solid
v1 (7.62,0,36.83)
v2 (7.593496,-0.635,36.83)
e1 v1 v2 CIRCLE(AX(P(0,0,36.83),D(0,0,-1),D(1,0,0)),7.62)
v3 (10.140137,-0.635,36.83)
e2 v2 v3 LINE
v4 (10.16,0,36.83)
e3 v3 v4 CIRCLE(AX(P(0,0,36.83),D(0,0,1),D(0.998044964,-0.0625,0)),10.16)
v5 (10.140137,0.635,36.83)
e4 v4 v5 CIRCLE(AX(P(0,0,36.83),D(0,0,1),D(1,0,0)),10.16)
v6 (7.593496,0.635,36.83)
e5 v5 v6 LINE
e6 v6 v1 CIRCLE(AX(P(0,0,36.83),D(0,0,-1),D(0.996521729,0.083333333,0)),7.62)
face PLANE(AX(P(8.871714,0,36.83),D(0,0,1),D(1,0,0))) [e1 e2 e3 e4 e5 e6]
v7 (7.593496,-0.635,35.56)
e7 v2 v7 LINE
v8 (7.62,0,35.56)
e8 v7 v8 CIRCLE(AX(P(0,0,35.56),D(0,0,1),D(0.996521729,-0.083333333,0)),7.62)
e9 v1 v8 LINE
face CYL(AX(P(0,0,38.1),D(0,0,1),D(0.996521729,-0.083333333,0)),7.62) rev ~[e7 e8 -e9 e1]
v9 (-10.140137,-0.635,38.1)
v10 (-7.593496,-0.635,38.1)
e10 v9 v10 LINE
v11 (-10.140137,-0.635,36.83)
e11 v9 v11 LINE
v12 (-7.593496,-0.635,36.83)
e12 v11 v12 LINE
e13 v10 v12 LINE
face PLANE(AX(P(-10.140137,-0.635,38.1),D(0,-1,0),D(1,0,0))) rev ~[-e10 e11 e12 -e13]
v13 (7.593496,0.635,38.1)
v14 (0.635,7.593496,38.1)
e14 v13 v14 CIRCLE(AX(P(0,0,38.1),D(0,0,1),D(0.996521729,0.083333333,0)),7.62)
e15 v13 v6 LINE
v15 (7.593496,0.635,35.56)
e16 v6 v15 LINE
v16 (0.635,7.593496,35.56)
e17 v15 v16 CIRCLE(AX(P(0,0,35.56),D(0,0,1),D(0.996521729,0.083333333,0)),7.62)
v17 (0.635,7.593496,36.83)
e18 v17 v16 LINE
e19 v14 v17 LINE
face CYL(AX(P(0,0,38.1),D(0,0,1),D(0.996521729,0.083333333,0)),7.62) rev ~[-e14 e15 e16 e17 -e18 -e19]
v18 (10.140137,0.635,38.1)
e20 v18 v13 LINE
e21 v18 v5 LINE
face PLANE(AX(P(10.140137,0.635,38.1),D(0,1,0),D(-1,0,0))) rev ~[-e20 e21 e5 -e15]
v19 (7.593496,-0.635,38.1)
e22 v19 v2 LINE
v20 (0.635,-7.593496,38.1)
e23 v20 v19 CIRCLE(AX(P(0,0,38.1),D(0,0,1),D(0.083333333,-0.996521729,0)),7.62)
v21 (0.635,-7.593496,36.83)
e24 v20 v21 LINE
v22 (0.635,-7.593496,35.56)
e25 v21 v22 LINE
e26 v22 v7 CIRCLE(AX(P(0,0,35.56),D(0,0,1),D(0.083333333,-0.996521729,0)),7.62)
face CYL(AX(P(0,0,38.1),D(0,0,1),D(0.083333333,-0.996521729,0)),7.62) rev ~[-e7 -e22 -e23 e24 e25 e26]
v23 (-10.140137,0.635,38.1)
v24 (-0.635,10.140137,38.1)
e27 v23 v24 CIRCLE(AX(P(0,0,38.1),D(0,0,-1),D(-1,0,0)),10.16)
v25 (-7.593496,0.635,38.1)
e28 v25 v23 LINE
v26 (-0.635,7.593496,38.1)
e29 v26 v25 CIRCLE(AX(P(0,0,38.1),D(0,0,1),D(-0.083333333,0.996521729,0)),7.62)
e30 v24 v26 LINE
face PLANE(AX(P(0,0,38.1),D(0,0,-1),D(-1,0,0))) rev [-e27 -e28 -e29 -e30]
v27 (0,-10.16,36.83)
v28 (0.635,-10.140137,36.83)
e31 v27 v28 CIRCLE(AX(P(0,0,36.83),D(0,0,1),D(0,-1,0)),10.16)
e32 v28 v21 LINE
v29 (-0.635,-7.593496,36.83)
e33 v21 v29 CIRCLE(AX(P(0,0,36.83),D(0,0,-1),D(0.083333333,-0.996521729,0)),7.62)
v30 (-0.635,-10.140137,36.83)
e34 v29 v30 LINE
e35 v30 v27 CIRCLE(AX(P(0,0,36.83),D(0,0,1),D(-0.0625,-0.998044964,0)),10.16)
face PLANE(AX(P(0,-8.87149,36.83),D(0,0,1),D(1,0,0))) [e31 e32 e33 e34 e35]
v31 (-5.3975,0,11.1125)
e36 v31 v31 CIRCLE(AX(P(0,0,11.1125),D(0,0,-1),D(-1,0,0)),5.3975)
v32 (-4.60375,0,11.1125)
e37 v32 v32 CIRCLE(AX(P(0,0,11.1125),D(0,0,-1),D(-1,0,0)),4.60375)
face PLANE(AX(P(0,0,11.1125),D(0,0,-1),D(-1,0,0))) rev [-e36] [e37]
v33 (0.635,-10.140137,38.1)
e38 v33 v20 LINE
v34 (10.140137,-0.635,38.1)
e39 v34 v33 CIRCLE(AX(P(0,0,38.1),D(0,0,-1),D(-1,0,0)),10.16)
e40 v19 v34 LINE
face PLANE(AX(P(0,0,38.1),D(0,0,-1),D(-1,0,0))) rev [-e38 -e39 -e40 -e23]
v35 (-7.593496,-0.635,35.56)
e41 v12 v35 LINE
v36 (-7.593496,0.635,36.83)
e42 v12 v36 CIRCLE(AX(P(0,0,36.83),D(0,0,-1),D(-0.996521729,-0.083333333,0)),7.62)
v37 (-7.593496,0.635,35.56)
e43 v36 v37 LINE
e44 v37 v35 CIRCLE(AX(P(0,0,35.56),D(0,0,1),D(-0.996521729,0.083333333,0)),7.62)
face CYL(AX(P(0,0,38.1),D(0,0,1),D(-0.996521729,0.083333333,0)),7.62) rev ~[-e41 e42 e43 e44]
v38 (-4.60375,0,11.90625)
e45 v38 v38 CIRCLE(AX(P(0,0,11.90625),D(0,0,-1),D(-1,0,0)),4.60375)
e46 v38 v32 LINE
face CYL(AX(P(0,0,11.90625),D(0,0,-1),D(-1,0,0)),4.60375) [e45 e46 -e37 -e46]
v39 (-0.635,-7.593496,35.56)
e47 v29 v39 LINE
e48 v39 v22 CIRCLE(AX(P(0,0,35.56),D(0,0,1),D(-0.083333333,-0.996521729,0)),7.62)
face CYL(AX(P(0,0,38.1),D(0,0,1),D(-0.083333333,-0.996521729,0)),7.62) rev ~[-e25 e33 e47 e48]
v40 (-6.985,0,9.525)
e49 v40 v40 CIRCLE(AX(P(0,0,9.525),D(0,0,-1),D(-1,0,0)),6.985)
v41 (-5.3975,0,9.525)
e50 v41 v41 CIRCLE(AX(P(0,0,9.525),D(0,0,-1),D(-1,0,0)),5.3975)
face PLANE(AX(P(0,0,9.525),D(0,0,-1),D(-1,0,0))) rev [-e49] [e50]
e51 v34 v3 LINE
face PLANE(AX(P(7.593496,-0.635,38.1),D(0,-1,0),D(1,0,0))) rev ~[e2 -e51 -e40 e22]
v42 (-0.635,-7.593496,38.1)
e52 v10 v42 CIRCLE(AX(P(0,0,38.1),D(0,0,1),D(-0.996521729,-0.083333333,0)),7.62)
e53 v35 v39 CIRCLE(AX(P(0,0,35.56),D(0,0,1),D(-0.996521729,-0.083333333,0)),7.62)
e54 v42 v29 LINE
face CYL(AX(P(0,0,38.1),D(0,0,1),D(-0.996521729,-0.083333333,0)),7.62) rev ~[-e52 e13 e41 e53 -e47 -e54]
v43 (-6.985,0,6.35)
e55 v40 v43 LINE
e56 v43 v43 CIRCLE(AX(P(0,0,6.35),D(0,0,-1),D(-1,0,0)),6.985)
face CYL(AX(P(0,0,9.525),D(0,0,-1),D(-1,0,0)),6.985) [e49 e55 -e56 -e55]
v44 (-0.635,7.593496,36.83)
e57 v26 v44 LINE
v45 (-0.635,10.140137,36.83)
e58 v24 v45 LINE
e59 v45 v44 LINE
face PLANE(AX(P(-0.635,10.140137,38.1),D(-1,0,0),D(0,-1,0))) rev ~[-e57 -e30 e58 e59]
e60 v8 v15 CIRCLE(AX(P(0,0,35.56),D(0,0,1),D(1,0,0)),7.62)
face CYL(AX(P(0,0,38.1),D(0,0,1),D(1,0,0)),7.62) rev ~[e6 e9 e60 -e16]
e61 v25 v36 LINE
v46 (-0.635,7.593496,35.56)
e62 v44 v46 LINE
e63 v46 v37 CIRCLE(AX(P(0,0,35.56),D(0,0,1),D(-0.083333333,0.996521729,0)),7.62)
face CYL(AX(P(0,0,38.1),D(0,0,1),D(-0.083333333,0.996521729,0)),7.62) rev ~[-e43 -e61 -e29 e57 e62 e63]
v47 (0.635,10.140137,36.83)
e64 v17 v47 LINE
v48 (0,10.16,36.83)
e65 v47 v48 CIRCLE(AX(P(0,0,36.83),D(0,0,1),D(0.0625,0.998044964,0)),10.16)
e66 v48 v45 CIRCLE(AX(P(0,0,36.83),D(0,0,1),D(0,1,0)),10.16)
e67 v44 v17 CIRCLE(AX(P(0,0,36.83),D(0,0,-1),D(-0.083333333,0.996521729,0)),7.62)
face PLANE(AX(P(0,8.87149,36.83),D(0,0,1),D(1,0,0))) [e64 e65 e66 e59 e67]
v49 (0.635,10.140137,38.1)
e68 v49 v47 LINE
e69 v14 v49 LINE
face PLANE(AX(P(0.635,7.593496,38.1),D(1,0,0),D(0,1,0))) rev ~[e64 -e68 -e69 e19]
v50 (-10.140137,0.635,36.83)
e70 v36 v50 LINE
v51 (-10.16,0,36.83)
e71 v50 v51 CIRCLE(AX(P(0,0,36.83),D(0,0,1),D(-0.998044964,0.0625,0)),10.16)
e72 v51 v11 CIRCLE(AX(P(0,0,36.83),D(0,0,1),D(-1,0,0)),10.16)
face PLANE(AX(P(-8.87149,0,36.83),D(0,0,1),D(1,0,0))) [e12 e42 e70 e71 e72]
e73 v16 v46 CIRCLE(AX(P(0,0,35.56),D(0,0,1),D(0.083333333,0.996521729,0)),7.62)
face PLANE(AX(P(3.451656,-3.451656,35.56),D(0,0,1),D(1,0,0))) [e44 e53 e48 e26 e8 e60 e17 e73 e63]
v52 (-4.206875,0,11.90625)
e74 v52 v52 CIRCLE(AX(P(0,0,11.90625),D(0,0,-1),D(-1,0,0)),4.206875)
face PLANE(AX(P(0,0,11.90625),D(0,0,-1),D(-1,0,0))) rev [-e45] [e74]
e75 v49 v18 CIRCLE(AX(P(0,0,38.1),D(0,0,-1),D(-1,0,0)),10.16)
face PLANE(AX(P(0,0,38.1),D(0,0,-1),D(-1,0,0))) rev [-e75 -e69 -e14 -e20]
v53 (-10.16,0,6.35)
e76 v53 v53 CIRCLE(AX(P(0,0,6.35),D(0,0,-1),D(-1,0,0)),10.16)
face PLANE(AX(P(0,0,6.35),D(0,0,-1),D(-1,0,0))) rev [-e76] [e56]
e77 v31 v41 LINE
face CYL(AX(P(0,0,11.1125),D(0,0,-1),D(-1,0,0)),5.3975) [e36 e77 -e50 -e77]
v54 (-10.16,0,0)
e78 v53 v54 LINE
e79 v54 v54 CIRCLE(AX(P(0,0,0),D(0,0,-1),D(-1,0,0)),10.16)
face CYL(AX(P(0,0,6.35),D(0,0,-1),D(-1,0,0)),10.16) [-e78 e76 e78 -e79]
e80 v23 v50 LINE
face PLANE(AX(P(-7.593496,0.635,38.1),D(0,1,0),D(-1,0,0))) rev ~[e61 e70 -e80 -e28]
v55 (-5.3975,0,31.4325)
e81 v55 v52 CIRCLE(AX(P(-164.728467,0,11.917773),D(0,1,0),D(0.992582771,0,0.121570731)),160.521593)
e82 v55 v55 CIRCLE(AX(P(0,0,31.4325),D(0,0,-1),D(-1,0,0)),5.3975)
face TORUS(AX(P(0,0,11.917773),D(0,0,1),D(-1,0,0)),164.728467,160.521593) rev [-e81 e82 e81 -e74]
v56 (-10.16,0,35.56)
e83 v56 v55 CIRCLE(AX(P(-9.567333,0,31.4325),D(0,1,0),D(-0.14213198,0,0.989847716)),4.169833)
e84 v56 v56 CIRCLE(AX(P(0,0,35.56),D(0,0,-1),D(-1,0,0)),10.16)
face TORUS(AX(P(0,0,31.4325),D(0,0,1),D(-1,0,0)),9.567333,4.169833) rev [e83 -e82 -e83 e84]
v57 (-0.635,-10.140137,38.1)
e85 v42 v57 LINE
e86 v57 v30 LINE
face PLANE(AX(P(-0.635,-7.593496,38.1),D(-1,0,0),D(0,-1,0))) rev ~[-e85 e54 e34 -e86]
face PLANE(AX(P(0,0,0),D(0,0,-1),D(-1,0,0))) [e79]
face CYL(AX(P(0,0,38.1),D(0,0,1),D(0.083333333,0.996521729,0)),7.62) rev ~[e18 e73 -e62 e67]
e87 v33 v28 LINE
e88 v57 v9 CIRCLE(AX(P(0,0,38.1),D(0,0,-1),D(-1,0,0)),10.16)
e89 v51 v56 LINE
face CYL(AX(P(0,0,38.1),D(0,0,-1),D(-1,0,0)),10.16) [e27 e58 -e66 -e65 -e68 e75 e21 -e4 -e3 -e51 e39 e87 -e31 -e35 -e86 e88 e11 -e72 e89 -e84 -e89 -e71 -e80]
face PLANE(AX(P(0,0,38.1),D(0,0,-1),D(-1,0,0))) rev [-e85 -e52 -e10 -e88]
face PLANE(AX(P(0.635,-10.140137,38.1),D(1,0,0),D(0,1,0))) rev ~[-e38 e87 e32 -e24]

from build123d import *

# Parameters (mm, degrees)
F3_DEPTH = 2.54
F4_DEPTH = 1.27


with BuildPart() as f1:
    # F0 (on Front) → F1 (revolve)
    with BuildSketch(Plane.XZ):
        with BuildLine():
            Line((-10.16, 0), (0, 0))
            Line((0, 0), (0, 38.1))
            Line((0, 38.1), (-10.16, 38.1))
            Line((-10.16, 38.1), (-10.16, 35.56))
            ThreePointArc((-10.16, 35.56), (-6.8363821432, 34.5835975271), (-5.3975, 31.4325))
            ThreePointArc((-5.3975, 31.4325), (-4.5044566757, 21.6875293186), (-4.206875, 11.90625))
            Line((-4.206875, 11.90625), (-4.60375, 11.90625))
            Line((-4.60375, 11.90625), (-4.60375, 11.1125))
            Line((-4.60375, 11.1125), (-5.3975, 11.1125))
            Line((-5.3975, 11.1125), (-5.3975, 9.525))
            Line((-5.3975, 9.525), (-6.985, 9.525))
            Line((-6.985, 9.525), (-6.985, 6.35))
            Line((-6.985, 6.35), (-10.16, 6.35))
            Line((-10.16, 6.35), (-10.16, 0))
        make_face()
    revolve(axis=Axis((0, 0, 19.05), (0, 0, -1)))

    # F2 (on face) → F3 (cut)
    with BuildSketch(Plane.XY.offset(38.1)):
        with BuildLine():
            ThreePointArc((0.635, -7.5934955719), (5.3881536726, -5.3881536726), (7.5934955719, -0.635))
            Line((7.5934955719, -0.635), (0.635, -0.635))
            Line((0.635, -0.635), (0.635, -7.5934955719))
        make_face()
        with BuildLine():
            ThreePointArc((-0.635, -7.5934955719), (0, -7.62), (0.635, -7.5934955719))
            Line((0.635, -7.5934955719), (0.635, -0.635))
            Line((0.635, -0.635), (0, -0.635))
            Line((0, -0.635), (-0.635, -0.635))
            Line((-0.635, -0.635), (-0.635, -7.5934955719))
        make_face()
        with BuildLine():
            ThreePointArc((-7.5934955719, -0.635), (-5.3881536726, -5.3881536726), (-0.635, -7.5934955719))
            Line((-0.635, -7.5934955719), (-0.635, -0.635))
            Line((-0.635, -0.635), (-7.5934955719, -0.635))
        make_face()
        with BuildLine():
            Line((-0.635, 0.635), (-7.5934955719, 0.635))
            ThreePointArc((-7.5934955719, 0.635), (-7.62, 0), (-7.5934955719, -0.635))
            Line((-7.5934955719, -0.635), (-0.635, -0.635))
            Line((-0.635, -0.635), (-0.635, 0))
            Line((-0.635, 0), (-0.635, 0.635))
        make_face()
        with BuildLine():
            Line((-0.635, 0.635), (-0.635, 7.5934955719))
            ThreePointArc((-0.635, 7.5934955719), (-5.3881536726, 5.3881536726), (-7.5934955719, 0.635))
            Line((-7.5934955719, 0.635), (-0.635, 0.635))
        make_face()
        with BuildLine():
            Line((0.635, 0.635), (0.635, 7.5934955719))
            ThreePointArc((0.635, 7.5934955719), (0, 7.62), (-0.635, 7.5934955719))
            Line((-0.635, 7.5934955719), (-0.635, 0.635))
            Line((-0.635, 0.635), (0, 0.635))
            Line((0, 0.635), (0.635, 0.635))
        make_face()
        with BuildLine():
            Line((0.635, 0.635), (7.5934955719, 0.635))
            ThreePointArc((7.5934955719, 0.635), (5.3881536726, 5.3881536726), (0.635, 7.5934955719))
            Line((0.635, 7.5934955719), (0.635, 0.635))
        make_face()
        Polygon((0.635, 0), (0.635, 0.635), (0, 0.635), (-0.635, 0.635), (-0.635, 0), (-0.635, -0.635), (0, -0.635), (0.635, -0.635), align=None)
        with BuildLine():
            ThreePointArc((7.5934955719, -0.635), (7.6133710095, -0.3177764484), (7.62, 0))
            ThreePointArc((7.62, 0), (7.6133710095, 0.3177764484), (7.5934955719, 0.635))
            Line((7.5934955719, 0.635), (0.635, 0.635))
            Line((0.635, 0.635), (0.635, 0))
            Line((0.635, 0), (0.635, -0.635))
            Line((0.635, -0.635), (7.5934955719, -0.635))
        make_face()
    extrude(amount=-F3_DEPTH, mode=Mode.SUBTRACT)

    # F2 (on face) → F4 (cut)
    with BuildSketch(Plane.XY.offset(38.1)):
        with BuildLine():
            ThreePointArc((-7.5934955719, -0.635), (-7.62, 0), (-7.5934955719, 0.635))
            Line((-7.5934955719, 0.635), (-10.1401368334, 0.635))
            ThreePointArc((-10.1401368334, 0.635), (-10.1550329942, 0.3176552949), (-10.16, 0))
            ThreePointArc((-10.16, 0), (-10.1550329942, -0.3176552949), (-10.1401368334, -0.635))
            Line((-10.1401368334, -0.635), (-7.5934955719, -0.635))
        make_face()
        with BuildLine():
            ThreePointArc((-0.635, 7.5934955719), (0, 7.62), (0.635, 7.5934955719))
            Line((0.635, 7.5934955719), (0.635, 10.1401368334))
            ThreePointArc((0.635, 10.1401368334), (0.3176552949, 10.1550329942), (0, 10.16))
            ThreePointArc((0, 10.16), (-0.3176552949, 10.1550329942), (-0.635, 10.1401368334))
            Line((-0.635, 10.1401368334), (-0.635, 7.5934955719))
        make_face()
        with BuildLine():
            ThreePointArc((7.5934955719, 0.635), (7.6133710095, 0.3177764484), (7.62, 0))
            ThreePointArc((7.62, 0), (7.6133710095, -0.3177764484), (7.5934955719, -0.635))
            Line((7.5934955719, -0.635), (10.1401368334, -0.635))
            ThreePointArc((10.1401368334, -0.635), (10.1550329942, -0.3176552949), (10.16, 0))
            ThreePointArc((10.16, 0), (10.1550329942, 0.3176552949), (10.1401368334, 0.635))
            Line((10.1401368334, 0.635), (7.5934955719, 0.635))
        make_face()
        with BuildLine():
            Line((0.635, -10.1401368334), (0.635, -7.5934955719))
            ThreePointArc((0.635, -7.5934955719), (0, -7.62), (-0.635, -7.5934955719))
            Line((-0.635, -7.5934955719), (-0.635, -10.1401368334))
            ThreePointArc((-0.635, -10.1401368334), (-0.3176552949, -10.1550329942), (0, -10.16))
            ThreePointArc((0, -10.16), (0.3176552949, -10.1550329942), (0.635, -10.1401368334))
        make_face()
    extrude(amount=-F4_DEPTH, mode=Mode.SUBTRACT)


solid = f1.part
